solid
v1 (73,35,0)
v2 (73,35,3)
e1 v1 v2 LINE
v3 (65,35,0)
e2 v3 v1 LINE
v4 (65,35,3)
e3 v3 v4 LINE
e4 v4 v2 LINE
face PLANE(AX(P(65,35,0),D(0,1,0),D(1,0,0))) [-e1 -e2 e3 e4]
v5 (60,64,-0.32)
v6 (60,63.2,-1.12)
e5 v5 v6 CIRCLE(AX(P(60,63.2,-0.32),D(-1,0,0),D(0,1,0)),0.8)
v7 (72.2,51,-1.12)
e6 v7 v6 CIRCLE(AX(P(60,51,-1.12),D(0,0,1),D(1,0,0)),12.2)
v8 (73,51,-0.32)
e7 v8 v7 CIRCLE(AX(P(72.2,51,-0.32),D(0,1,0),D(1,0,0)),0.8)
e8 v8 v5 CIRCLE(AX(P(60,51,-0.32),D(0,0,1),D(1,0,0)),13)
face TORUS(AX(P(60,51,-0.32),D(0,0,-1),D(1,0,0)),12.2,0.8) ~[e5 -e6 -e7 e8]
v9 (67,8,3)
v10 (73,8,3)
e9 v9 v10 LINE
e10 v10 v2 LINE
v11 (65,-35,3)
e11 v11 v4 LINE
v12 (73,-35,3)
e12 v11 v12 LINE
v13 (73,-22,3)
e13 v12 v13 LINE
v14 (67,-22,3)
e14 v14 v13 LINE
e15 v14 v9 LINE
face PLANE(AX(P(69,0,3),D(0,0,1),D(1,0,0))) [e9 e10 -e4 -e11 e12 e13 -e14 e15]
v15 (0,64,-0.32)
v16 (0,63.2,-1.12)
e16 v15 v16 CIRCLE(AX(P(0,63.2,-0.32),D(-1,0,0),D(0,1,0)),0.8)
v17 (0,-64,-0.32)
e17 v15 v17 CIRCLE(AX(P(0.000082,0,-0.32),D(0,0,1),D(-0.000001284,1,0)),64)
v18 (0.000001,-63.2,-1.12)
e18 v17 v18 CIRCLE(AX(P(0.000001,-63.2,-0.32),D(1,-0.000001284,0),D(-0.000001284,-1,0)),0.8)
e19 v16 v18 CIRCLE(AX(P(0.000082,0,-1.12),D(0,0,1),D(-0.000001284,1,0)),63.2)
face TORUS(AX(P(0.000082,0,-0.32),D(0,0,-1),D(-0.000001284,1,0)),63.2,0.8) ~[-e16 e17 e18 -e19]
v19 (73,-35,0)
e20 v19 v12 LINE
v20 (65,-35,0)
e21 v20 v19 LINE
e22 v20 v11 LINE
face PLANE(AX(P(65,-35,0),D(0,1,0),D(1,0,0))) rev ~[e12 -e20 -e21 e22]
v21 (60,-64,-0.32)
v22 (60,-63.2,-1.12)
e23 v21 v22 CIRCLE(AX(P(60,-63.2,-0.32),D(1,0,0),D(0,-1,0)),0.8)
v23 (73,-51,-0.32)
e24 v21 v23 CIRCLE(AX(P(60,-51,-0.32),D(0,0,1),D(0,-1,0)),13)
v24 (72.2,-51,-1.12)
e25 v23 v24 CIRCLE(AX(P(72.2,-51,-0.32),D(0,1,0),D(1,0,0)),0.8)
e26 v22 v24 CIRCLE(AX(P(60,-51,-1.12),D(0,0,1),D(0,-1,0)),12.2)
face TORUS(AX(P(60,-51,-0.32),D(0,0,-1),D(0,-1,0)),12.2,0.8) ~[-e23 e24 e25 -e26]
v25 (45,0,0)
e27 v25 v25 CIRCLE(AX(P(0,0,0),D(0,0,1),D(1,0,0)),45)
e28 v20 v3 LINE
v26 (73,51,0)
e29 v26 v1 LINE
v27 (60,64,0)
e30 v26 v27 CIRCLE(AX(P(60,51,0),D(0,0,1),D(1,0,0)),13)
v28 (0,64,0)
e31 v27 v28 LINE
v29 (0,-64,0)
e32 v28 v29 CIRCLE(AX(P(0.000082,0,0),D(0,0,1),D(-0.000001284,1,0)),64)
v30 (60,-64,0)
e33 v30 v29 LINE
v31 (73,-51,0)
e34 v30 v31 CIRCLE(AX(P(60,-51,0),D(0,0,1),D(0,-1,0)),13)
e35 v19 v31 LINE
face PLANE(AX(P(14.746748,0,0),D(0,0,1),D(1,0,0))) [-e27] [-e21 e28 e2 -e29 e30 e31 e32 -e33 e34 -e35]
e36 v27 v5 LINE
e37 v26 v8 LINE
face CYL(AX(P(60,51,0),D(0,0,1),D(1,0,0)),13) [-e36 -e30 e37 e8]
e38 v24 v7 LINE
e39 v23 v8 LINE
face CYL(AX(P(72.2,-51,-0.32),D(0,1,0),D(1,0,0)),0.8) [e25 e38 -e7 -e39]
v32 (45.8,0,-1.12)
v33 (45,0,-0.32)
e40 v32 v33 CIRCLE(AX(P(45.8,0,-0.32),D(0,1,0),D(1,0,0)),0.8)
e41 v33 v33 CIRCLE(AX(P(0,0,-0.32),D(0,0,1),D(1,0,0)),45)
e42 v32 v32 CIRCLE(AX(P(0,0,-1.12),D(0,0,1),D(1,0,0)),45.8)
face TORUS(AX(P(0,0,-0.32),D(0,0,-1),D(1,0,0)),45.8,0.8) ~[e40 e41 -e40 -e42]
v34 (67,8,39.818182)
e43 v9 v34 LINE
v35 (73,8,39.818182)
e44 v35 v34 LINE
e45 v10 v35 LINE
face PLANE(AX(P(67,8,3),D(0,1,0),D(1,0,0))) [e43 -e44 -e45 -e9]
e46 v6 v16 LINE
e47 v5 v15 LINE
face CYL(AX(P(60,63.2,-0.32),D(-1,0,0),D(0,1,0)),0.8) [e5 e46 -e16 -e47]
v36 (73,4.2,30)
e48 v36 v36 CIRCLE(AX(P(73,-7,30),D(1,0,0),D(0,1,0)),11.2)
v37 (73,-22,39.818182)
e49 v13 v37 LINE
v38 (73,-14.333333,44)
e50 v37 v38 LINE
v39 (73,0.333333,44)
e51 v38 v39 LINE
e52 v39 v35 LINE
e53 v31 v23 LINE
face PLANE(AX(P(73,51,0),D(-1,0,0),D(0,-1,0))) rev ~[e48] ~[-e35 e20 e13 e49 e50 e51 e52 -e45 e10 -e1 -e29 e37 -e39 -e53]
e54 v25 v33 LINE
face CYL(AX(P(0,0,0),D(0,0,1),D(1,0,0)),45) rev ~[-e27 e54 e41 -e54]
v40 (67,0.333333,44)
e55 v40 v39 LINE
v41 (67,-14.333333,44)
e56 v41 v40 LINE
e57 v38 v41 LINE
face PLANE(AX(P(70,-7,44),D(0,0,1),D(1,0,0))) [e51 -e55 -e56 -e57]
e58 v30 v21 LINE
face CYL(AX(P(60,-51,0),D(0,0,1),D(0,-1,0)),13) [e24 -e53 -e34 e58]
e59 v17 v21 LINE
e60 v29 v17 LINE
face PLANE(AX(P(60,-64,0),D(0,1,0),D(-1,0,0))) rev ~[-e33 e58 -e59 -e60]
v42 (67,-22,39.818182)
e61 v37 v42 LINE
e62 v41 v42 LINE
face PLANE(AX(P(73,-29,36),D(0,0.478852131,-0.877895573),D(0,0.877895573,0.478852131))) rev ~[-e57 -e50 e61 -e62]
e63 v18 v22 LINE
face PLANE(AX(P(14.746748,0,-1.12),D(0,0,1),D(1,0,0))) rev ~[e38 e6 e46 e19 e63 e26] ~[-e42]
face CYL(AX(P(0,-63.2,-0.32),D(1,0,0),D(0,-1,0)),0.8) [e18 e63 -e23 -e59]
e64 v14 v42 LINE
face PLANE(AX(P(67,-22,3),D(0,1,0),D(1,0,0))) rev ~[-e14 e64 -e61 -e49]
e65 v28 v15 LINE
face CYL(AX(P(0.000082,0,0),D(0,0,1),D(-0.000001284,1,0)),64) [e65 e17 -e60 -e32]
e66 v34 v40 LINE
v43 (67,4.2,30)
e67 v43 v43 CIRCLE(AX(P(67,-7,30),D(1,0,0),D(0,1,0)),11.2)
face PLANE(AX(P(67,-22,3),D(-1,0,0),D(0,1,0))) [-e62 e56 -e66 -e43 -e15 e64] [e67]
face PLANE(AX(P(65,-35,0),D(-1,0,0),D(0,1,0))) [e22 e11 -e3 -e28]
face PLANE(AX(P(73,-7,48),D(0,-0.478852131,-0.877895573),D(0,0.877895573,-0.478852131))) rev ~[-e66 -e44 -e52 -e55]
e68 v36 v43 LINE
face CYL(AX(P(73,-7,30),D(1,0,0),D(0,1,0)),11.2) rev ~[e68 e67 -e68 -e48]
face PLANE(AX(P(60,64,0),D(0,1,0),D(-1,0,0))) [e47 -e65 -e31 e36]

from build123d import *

# Parameters (mm, degrees)
SKETCH001_R     = 45
PAD_DEPTH       = 1.12
SKETCH_W        = 8
SKETCH_H        = 70
PAD003_DEPTH    = 3
SKETCH008_W     = 6
SKETCH008_H     = 30
PAD004_DEPTH    = 41
SKETCH009_R     = 11.2
POCKET003_DEPTH = 137.0009178097
POCKET004_DEPTH = 137.0009178097
FILLET_R        = 0.8


with BuildPart() as part:
    # Sketch001 → Pad (new body)
    with BuildSketch(Plane.XY):
        with BuildLine():
            Line((60, 64), (0, 64))
            ThreePointArc((0, 63.9999999999), (-63.9999178097, 0), (0, -63.9999999999))
            Line((60, -63.9999999999), (0, -63.9999999999))
            ThreePointArc((60, -64), (69.1923881554, -60.1923881554), (73, -51))
            Line((73, 51), (73, -51))
            ThreePointArc((73, 51), (69.1923881554, 60.1923881554), (60, 64))
        make_face()
        Circle(SKETCH001_R, mode=Mode.SUBTRACT)
    extrude(amount=-PAD_DEPTH)

    # Sketch → Pad003 (new body)
    with BuildSketch(Plane.XY):
        with Locations((69, 0)):
            Rectangle(SKETCH_W, SKETCH_H)
    extrude(amount=PAD003_DEPTH)

    # Sketch008 → Pad004 (new body)
    with BuildSketch(Plane.XY.offset(3)):
        with Locations((70, -7)):
            Rectangle(SKETCH008_W, SKETCH008_H)
    extrude(amount=PAD004_DEPTH)

    # Sketch009 → Pocket003 (cut, through all)
    with BuildSketch(Plane.YZ.offset(73)):
        with Locations((-7, 30)):
            Circle(SKETCH009_R)
    extrude(amount=-POCKET003_DEPTH, mode=Mode.SUBTRACT)

    # Sketch010 → Pocket004 (cut, through all)
    with BuildSketch(Plane.YZ.offset(73)):
        Polygon((-7, 48), (15, 36), (15, 54.3744), (-29, 54.3744), (-29, 36), align=None)
    extrude(amount=-POCKET004_DEPTH, mode=Mode.SUBTRACT)

    # Fillet
    fillet_edges = [part.edges().sort_by_distance(p)[0] for p in [
        (69.192388, 60.192388, -1.12),
        (30, 64, -1.12),
        (-63.999918, 0, -1.12),
        (30, -64, -1.12),
        (69.192388, -60.192388, -1.12),
        (73, 0, -1.12),
        (-45, 0, -1.12),
    ]]
    fillet(fillet_edges, radius=FILLET_R)


solid = part.part
